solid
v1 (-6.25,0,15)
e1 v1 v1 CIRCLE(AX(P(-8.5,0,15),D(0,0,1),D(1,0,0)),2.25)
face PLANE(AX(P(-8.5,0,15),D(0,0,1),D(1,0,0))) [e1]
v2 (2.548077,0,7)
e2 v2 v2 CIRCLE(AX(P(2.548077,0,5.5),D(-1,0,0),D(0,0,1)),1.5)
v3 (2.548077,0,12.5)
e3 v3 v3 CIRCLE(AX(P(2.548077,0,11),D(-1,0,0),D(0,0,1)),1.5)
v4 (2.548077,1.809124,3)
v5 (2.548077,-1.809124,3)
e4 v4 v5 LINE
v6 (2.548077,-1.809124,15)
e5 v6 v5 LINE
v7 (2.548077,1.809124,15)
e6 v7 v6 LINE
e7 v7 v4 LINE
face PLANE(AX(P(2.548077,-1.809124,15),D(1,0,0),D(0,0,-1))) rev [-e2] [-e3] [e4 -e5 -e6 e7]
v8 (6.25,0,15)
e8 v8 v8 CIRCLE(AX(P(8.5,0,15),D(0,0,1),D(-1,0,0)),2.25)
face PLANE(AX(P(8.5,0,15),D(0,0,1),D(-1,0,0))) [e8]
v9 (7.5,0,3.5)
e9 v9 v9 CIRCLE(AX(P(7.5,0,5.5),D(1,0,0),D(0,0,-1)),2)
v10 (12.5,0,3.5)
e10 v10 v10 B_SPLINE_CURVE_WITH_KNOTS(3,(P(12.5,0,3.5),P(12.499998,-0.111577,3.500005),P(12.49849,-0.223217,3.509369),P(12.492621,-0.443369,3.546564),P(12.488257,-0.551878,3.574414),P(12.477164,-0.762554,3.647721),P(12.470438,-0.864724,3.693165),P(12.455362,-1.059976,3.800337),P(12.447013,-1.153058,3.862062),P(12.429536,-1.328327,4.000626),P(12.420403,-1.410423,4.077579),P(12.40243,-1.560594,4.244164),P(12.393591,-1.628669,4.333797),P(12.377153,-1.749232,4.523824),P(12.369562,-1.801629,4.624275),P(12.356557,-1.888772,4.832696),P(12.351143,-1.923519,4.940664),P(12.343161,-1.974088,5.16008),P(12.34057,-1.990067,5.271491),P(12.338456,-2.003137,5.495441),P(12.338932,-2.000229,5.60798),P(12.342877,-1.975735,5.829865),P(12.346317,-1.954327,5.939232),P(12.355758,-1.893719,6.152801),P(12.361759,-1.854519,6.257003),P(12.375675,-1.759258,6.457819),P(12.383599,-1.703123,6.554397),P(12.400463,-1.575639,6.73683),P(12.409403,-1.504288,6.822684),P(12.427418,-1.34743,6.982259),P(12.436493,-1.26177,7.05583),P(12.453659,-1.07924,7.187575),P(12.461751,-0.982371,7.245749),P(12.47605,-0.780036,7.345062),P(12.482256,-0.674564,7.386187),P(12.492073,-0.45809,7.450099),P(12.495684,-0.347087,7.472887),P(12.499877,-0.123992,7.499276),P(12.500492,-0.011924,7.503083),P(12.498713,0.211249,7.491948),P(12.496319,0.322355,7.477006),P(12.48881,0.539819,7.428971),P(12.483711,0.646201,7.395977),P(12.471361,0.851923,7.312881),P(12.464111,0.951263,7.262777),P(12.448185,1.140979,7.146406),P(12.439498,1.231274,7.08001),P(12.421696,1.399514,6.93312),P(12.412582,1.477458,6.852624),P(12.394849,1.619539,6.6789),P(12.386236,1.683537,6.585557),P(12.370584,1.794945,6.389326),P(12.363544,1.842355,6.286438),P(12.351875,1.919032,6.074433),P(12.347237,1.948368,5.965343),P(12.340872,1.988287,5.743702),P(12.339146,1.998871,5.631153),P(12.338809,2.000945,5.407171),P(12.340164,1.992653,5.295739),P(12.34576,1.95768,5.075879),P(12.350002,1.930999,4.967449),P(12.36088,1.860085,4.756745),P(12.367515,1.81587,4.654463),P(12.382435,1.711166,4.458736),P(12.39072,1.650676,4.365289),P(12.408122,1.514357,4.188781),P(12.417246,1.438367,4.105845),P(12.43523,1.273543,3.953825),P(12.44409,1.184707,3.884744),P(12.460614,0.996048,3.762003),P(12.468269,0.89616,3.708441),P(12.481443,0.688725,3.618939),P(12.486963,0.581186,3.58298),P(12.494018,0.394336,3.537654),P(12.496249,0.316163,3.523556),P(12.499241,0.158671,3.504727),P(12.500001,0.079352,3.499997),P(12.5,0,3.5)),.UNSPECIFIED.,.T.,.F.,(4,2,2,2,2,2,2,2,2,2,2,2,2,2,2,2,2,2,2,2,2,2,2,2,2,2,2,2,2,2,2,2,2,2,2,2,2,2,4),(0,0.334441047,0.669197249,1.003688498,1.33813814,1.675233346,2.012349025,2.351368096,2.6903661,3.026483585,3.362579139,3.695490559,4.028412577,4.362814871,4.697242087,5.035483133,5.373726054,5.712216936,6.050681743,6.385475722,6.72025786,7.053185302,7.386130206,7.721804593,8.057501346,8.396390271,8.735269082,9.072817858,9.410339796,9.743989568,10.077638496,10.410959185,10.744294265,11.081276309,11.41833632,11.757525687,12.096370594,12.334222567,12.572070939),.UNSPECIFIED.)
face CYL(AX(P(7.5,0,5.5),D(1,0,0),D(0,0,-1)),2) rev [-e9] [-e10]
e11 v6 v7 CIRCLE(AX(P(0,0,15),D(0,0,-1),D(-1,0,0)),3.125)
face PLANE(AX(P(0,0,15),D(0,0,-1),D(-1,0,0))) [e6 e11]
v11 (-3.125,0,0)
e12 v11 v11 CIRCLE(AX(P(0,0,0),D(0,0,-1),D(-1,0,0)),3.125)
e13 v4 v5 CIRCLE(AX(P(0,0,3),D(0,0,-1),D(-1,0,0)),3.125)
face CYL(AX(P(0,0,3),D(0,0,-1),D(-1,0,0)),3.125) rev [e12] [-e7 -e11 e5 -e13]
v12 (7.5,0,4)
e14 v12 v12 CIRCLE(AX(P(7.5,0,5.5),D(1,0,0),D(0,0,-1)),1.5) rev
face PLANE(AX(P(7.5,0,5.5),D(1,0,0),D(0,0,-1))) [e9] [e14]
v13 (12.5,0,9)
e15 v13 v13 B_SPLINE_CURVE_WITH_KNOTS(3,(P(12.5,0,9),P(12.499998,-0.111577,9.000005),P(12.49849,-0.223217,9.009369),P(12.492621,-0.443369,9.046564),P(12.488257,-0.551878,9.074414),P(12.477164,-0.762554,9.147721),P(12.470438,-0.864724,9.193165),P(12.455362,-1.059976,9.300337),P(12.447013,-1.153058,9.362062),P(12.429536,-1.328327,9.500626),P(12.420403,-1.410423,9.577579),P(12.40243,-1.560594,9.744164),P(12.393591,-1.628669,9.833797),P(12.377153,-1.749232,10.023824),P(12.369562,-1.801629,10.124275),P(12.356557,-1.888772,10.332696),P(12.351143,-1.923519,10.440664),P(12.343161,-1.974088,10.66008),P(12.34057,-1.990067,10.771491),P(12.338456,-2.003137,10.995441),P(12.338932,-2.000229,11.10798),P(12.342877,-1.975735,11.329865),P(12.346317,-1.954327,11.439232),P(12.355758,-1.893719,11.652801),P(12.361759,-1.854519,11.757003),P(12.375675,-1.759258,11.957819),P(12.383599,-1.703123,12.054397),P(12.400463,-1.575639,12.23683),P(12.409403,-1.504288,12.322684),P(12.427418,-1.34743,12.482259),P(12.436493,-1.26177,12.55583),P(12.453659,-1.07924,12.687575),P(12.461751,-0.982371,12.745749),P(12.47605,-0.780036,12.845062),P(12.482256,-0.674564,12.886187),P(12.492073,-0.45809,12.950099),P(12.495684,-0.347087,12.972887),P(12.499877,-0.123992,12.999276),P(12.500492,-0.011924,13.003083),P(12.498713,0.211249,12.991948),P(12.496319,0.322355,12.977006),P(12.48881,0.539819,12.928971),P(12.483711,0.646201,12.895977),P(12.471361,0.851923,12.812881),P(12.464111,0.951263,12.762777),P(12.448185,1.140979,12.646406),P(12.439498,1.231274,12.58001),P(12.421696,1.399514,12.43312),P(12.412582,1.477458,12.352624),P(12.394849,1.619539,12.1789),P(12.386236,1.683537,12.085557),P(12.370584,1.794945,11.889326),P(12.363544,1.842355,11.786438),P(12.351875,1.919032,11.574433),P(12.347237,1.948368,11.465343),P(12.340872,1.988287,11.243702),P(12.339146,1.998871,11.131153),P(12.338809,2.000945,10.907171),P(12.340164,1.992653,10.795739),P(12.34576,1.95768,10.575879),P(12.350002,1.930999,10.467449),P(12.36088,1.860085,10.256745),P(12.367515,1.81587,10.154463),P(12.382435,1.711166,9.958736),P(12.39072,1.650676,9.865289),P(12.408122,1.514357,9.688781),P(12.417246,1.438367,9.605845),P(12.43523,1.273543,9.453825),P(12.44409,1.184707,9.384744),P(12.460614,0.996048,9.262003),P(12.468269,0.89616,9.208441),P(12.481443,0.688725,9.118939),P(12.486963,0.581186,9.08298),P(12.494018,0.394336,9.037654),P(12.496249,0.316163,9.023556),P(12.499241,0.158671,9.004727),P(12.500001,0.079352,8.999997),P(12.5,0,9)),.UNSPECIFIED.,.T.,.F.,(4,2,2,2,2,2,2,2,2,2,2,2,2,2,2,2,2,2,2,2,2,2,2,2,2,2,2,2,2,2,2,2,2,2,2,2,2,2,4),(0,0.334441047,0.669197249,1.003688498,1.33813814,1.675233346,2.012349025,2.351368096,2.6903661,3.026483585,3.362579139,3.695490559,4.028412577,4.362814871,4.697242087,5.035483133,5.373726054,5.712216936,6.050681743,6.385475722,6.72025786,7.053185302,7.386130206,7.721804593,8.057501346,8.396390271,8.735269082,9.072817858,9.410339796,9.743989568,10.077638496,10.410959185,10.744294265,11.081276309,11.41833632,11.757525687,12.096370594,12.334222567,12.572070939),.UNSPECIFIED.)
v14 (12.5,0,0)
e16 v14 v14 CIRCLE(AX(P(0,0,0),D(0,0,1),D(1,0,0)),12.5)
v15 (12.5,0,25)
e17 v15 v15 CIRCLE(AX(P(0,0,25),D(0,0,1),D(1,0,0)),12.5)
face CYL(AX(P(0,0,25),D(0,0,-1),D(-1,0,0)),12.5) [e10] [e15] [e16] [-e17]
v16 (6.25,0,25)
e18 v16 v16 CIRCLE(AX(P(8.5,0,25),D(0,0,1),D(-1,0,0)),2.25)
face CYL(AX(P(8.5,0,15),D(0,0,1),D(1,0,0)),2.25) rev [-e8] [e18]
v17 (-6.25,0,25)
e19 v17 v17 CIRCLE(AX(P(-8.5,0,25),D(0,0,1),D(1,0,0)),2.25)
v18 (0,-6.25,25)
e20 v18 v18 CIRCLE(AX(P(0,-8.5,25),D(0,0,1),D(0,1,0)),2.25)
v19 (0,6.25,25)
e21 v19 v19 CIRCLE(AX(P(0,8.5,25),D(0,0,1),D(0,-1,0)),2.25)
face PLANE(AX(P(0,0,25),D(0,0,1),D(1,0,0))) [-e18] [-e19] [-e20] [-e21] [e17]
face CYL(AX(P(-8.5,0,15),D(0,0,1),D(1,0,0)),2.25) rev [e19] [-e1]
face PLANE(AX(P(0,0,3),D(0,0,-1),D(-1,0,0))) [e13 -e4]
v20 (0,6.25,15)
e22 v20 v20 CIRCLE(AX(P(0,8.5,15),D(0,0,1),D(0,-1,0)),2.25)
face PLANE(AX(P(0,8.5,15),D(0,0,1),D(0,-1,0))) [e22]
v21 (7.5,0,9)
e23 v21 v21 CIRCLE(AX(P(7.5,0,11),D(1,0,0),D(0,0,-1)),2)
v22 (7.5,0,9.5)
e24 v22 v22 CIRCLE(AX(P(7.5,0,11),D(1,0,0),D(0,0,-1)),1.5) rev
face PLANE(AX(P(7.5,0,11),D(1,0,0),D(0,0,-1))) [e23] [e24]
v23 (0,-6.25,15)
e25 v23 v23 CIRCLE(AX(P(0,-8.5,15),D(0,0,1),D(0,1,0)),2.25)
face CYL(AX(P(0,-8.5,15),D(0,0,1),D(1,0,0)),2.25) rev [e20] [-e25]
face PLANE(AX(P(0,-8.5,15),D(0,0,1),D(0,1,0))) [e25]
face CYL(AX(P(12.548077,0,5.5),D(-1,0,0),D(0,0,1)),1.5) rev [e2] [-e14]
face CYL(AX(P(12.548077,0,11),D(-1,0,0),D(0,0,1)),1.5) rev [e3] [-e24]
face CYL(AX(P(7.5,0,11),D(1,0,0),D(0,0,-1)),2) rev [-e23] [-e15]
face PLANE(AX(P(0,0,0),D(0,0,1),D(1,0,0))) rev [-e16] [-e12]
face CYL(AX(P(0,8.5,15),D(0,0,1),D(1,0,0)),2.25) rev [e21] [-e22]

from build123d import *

# Parameters (mm, degrees)
SKETCH1_R           = 12.5
BOSS_EXTRUDE2_DEPTH = 25
SKETCH13_R          = 2.25
CUT_EXTRUDE7_DEPTH  = 10
SKETCH14_R          = 3.125
CUT_EXTRUDE8_DEPTH  = 3
CUT_EXTRUDE9_DEPTH  = 12
SKETCH16_R          = 1.5
CUT_EXTRUDE10_DEPTH = 10
CIRPATTERN1_COUNT   = 4
SKETCH18_R          = 2
CUT_EXTRUDE11_DEPTH = 5


with BuildPart() as part:
    # Sketch1 → Boss-Extrude2 (new body)
    with BuildSketch(Plane.XY):
        Circle(SKETCH1_R)
    extrude(amount=BOSS_EXTRUDE2_DEPTH)

    # Sketch13 → Cut-Extrude7 (cut)
    with BuildSketch(Plane.XY.offset(25)):
        with Locations((-8.5, 0)):
            Circle(SKETCH13_R)
    cut_extrude7 = extrude(amount=-CUT_EXTRUDE7_DEPTH, mode=Mode.SUBTRACT)

    # Sketch14 → Cut-Extrude8 (cut)
    with BuildSketch(Plane(origin=(0, 0, 0), x_dir=(-1, 0, 0), z_dir=(0, 0, -1))):
        Circle(SKETCH14_R)
    extrude(amount=-CUT_EXTRUDE8_DEPTH, mode=Mode.SUBTRACT)

    # Sketch15 → Cut-Extrude9 (cut)
    with BuildSketch(Plane(origin=(0, 0, 3), x_dir=(-1, 0, 0), z_dir=(0, 0, -1))):
        with BuildLine():
            Line((-2.548076923, -1.809123819), (-2.548076923, 1.809123819))
            ThreePointArc((-2.548076923, 1.809123819), (3.125, 0), (-2.548076923, -1.809123819))
        make_face()
    extrude(amount=-CUT_EXTRUDE9_DEPTH, mode=Mode.SUBTRACT)

    # Sketch16 → Cut-Extrude10 (cut)
    with BuildSketch(Plane.ZY.offset(-2.548076923)):
        with Locations((11, 0)):
            Circle(SKETCH16_R)
        with Locations((5.5, 0)):
            Circle(SKETCH16_R)
    extrude(amount=-CUT_EXTRUDE10_DEPTH, mode=Mode.SUBTRACT)

    # CirPattern1: Cut-Extrude7 ×4 about axis
    cirpattern1_axis = Axis((0, 0, 0), (0, 0, 1))
    for i in range(1, CIRPATTERN1_COUNT):
        add(cut_extrude7.rotate(cirpattern1_axis, i * 360 / CIRPATTERN1_COUNT), mode=Mode.SUBTRACT)

    # Sketch18 → Cut-Extrude11 (cut)
    with BuildSketch(Plane(origin=(12.5, 0, 0), x_dir=(0, 0, -1), z_dir=(1, 0, 0))):
        with Locations((-11, 0)):
            Circle(SKETCH18_R)
        with Locations((-5.5, 0)):
            Circle(SKETCH18_R)
    extrude(amount=-CUT_EXTRUDE11_DEPTH, mode=Mode.SUBTRACT)


solid = part.part
